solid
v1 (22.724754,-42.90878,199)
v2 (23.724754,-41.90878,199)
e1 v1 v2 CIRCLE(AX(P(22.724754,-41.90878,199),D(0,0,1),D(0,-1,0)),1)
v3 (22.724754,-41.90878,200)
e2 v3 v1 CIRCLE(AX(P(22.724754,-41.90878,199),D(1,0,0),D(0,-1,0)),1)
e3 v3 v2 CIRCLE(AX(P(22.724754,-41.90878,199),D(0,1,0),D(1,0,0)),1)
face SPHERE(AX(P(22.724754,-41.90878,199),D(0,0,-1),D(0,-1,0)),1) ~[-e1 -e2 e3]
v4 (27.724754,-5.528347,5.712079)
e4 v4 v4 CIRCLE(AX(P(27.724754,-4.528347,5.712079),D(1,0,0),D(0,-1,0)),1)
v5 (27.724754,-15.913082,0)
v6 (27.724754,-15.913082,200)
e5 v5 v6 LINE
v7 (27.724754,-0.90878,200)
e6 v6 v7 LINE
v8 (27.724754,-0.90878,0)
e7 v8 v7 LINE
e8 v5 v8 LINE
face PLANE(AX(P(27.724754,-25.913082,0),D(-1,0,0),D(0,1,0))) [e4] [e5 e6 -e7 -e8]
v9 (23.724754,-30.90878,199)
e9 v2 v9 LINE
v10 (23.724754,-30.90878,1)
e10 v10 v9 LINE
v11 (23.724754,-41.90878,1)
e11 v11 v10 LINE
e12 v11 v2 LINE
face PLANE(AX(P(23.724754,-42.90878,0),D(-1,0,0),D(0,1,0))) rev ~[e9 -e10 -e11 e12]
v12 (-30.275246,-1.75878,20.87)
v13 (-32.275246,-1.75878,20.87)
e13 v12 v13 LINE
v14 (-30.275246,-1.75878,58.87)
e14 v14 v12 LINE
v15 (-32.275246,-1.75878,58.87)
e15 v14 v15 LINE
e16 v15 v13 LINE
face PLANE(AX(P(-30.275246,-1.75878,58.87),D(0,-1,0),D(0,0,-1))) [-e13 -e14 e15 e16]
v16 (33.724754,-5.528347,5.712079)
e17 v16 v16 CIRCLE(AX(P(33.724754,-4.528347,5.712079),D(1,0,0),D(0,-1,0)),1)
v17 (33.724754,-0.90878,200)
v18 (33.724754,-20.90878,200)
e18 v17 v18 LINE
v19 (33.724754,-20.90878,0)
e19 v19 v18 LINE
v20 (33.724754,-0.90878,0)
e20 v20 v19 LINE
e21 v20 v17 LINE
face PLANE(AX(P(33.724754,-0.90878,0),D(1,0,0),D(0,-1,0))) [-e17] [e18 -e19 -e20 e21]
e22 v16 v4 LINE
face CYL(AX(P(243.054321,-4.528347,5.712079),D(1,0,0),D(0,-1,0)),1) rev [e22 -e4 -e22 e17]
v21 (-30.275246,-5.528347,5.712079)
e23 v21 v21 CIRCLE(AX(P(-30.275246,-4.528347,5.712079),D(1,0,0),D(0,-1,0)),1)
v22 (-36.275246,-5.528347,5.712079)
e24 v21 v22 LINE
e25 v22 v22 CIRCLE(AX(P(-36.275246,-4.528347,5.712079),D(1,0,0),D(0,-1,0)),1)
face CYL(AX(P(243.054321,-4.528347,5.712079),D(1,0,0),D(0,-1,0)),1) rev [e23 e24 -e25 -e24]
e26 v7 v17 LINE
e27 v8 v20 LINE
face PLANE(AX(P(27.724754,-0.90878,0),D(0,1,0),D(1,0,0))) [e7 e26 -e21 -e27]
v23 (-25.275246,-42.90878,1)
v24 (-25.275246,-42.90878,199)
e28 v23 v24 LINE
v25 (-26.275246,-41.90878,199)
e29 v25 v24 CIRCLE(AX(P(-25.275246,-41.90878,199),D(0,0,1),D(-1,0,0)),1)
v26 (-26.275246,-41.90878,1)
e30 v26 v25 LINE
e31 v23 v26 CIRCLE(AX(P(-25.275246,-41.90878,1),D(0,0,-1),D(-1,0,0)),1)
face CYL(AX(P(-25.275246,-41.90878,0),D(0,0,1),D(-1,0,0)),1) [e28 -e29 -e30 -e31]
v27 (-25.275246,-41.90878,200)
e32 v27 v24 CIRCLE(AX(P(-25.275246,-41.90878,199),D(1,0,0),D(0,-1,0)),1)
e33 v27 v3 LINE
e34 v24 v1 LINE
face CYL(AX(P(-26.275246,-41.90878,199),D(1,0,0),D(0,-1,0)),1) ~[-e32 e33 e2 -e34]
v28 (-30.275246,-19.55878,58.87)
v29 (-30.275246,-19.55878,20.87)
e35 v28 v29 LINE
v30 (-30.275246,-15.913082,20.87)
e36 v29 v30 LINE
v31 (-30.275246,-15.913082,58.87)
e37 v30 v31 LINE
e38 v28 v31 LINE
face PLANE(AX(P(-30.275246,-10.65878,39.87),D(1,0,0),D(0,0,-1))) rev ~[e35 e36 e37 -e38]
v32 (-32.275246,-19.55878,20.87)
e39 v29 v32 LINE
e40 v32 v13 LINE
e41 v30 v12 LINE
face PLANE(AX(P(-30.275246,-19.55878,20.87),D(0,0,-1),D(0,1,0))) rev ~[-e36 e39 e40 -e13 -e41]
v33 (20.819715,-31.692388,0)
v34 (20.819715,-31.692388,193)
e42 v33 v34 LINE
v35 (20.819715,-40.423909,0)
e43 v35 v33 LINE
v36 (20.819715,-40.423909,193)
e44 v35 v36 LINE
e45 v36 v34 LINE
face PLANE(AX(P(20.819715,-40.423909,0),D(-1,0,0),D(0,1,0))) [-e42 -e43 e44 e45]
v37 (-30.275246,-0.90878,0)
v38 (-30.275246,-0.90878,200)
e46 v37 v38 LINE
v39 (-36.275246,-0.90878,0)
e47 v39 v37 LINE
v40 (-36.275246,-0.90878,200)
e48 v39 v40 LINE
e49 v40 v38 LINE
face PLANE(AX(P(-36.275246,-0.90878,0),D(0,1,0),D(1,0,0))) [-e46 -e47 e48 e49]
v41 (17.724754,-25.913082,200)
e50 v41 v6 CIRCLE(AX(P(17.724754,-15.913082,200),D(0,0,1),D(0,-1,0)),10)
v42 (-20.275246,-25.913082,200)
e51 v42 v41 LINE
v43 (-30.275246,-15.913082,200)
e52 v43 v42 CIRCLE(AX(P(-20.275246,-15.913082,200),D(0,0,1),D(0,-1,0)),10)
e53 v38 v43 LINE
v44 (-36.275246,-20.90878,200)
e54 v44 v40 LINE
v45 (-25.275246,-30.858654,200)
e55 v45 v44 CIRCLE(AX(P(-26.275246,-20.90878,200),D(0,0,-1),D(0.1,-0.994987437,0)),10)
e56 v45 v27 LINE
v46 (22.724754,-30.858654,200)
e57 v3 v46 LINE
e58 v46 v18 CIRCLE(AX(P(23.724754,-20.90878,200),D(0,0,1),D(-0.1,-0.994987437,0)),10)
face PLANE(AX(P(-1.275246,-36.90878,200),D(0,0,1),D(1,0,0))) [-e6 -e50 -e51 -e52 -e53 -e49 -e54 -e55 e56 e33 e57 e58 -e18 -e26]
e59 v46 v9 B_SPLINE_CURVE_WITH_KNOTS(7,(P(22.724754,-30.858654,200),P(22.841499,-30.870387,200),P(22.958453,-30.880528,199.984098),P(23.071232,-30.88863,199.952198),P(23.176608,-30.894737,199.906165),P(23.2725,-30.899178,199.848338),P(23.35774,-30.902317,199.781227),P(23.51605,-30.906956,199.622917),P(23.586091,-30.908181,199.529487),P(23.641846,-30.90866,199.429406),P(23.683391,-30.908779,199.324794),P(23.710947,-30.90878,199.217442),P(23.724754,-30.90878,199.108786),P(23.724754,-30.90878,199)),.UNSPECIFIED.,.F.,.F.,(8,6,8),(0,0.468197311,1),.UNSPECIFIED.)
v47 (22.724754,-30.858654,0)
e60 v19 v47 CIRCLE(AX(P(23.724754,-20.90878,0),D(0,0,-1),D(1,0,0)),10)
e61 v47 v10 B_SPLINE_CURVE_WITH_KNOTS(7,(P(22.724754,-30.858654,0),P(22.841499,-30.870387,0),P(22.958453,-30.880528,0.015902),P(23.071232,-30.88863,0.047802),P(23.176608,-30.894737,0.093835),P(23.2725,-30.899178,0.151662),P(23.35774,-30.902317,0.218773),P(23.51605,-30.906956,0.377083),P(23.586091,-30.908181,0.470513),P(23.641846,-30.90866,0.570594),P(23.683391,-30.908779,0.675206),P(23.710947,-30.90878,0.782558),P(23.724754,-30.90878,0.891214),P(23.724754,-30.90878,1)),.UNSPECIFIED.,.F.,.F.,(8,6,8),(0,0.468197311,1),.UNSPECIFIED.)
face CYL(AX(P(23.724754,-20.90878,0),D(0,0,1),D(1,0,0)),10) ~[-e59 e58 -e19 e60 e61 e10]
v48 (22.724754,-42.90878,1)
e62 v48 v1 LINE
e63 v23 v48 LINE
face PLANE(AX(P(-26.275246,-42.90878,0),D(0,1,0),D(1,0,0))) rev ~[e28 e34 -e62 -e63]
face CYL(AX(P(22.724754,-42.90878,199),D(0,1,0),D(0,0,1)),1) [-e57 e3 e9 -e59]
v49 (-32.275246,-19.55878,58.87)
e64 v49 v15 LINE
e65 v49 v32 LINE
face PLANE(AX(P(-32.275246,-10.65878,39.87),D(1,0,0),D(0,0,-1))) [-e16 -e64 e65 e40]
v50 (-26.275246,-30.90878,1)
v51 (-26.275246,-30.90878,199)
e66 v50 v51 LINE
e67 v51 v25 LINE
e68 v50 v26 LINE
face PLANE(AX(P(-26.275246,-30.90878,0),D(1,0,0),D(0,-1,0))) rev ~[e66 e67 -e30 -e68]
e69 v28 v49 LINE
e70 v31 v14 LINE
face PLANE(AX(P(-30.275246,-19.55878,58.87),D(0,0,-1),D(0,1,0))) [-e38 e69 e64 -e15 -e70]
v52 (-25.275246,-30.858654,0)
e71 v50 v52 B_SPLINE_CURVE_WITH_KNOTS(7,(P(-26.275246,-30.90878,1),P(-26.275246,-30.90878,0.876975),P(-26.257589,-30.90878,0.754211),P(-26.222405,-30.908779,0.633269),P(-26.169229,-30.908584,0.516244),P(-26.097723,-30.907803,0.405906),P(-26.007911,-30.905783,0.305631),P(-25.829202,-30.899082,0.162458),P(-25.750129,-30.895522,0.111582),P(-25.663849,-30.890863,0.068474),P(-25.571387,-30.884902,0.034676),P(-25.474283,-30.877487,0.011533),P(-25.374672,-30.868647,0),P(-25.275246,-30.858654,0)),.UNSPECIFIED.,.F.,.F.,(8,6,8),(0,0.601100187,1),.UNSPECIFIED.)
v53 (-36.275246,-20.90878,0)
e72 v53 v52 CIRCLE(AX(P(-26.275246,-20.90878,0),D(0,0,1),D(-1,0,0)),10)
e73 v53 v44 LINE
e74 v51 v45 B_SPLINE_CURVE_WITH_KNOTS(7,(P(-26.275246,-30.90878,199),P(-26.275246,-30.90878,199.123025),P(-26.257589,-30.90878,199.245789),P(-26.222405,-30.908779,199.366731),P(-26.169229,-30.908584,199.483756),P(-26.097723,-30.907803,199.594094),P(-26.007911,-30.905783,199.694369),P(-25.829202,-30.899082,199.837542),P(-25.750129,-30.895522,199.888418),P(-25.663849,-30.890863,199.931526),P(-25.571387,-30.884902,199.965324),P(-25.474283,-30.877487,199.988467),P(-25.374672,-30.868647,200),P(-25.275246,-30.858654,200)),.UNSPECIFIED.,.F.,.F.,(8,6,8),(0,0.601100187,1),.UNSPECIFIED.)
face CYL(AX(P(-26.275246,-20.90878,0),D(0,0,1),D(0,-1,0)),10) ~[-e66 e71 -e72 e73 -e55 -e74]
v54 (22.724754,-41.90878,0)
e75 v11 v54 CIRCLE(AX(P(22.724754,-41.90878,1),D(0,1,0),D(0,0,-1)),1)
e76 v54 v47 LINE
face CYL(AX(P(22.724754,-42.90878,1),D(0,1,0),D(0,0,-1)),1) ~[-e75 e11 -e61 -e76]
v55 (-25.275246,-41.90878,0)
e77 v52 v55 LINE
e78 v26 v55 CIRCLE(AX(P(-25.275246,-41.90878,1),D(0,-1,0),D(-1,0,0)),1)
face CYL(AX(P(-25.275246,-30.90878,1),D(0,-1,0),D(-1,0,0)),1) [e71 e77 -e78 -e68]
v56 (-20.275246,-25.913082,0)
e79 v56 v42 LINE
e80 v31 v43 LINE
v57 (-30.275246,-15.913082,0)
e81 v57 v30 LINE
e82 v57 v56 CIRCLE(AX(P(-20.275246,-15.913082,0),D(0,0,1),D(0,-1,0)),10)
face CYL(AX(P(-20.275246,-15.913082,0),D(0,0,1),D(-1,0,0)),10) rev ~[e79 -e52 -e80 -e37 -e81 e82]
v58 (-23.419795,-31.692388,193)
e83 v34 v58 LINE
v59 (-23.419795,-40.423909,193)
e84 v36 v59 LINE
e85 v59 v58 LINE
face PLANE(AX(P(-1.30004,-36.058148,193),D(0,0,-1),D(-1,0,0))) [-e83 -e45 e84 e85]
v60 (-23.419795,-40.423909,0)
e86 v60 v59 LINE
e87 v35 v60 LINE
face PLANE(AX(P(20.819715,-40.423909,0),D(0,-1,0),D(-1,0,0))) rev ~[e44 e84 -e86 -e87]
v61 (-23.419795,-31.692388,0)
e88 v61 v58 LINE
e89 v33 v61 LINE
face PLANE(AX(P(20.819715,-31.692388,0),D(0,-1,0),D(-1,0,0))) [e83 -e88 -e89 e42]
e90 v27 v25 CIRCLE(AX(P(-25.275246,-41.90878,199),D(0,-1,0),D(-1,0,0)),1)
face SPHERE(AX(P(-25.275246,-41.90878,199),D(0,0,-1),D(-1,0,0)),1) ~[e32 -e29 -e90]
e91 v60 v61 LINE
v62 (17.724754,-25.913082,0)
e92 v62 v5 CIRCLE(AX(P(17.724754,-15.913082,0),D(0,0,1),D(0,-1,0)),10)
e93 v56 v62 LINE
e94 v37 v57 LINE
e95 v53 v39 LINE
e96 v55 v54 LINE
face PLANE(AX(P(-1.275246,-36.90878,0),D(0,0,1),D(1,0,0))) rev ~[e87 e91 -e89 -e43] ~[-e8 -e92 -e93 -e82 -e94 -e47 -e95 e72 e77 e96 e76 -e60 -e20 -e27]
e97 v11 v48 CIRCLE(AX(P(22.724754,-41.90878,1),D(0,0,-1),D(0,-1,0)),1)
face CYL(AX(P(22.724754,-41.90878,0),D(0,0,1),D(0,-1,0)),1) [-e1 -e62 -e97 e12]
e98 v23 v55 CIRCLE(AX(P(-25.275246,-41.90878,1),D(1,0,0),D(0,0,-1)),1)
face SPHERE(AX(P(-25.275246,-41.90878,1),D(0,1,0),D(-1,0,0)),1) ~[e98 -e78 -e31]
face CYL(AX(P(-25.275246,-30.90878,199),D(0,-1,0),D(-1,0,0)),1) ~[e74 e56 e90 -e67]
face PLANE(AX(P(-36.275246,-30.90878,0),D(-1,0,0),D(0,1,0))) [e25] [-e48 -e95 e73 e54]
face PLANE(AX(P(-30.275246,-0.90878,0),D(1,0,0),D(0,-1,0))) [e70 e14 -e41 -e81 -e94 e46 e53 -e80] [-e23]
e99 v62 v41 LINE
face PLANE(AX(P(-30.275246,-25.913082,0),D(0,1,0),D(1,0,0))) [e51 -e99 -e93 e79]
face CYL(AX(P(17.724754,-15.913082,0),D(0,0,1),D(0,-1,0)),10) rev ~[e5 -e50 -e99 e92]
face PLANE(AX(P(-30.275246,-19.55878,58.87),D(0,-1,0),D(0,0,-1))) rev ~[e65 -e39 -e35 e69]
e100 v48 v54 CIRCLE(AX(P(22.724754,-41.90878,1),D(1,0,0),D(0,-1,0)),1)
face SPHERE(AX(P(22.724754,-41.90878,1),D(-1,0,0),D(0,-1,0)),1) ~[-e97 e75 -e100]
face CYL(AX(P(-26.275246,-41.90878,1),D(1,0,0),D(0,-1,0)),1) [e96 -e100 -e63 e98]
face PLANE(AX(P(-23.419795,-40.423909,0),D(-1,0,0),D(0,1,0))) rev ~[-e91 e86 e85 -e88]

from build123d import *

# Parameters (mm, degrees)
BOSS_EXTRUDE1_DEPTH      = 200
FILLET1_R                = 10
SKETCH12_W               = 38
SKETCH12_H               = 17.8
CUT_EXTRUDE9_DEPTH       = 2
BOSS_EXTRUDE2_DEPTH      = 200
FILLET4_R                = 1
SKETCH17_W               = 44.239510651
SKETCH17_H               = 8.731521098
CUT_EXTRUDE11_DEPTH      = 193
CUT_EXTRUDE12_DEPTH      = 215.329567289
CUT_EXTRUDE12_DEPTH_BACK = 215.329567289
SKETCH20_R               = 1


with BuildPart() as part:
    # Sketch1 → Boss-Extrude1 (new body)
    with BuildSketch(Plane.XY):
        Polygon((-30.275246352, -0.908779536), (-30.275246352, -25.913082449), (27.724753648, -25.913082449), (27.724753648, -0.908779536), (33.724753648, -0.908779536), (33.724753648, -30.908779536), (-36.275246352, -30.908779536), (-36.275246352, -0.908779536), align=None)
    extrude(amount=BOSS_EXTRUDE1_DEPTH)

    # Fillet1
    fillet1_edges = [part.edges().sort_by_distance(p)[0] for p in [
        (-30.275246352, -25.913082449, 100),
        (27.724753648, -25.913082449, 100),
        (33.724753648, -30.908779536, 100),
        (-36.275246352, -30.908779536, 100),
    ]]
    fillet(fillet1_edges, radius=FILLET1_R)

    # Sketch12 → Cut-Extrude9 (cut)
    with BuildSketch(Plane(origin=(-30.275246352, 0, 0), x_dir=(0, 0, -1), z_dir=(1, 0, 0))):
        with Locations((-39.87, -10.658779536)):
            Rectangle(SKETCH12_W, SKETCH12_H)
    extrude(amount=-CUT_EXTRUDE9_DEPTH, mode=Mode.SUBTRACT)

    # Sketch15 → Boss-Extrude2 (add)
    with BuildSketch(Plane.XY):
        Polygon((-26.275246352, -30.908779536), (-26.275246352, -42.908779536), (23.724753648, -42.908779536), (23.724753648, -30.908779536), (20.724753648, -30.908779536), (-23.275246352, -30.908779536), align=None)
    extrude(amount=BOSS_EXTRUDE2_DEPTH)

    # Fillet4
    fillet4_edges = [part.edges().sort_by_distance(p)[0] for p in [
        (-26.275246352, -36.908779536, 0),
        (-26.275246352, -42.908779536, 100),
        (-1.275246352, -42.908779536, 0),
        (23.724753648, -42.908779536, 100),
        (23.724753648, -36.908779536, 0),
        (-26.275246352, -36.908779536, 200),
        (-1.275246352, -42.908779536, 200),
        (23.724753648, -36.908779536, 200),
    ]]
    fillet(fillet4_edges, radius=FILLET4_R)

    # Sketch17 → Cut-Extrude11 (cut)
    with BuildSketch(Plane(origin=(0, 0, 0), x_dir=(-1, 0, 0), z_dir=(0, 0, -1))):
        with Locations((1.300040019, -36.058148136)):
            Rectangle(SKETCH17_W, SKETCH17_H)
    extrude(amount=-CUT_EXTRUDE11_DEPTH, mode=Mode.SUBTRACT)

    # Sketch20 → Cut-Extrude12 (cut, two sides: drawn at the far end of the back side and taken through both)
    with BuildSketch(Plane.ZY.offset(-27.724753648).offset(-CUT_EXTRUDE12_DEPTH_BACK)):
        with Locations(Location((5.712078597, -4.528347047, 0), (0, 0, 270))):
            Circle(SKETCH20_R)
    extrude(amount=CUT_EXTRUDE12_DEPTH + CUT_EXTRUDE12_DEPTH_BACK, mode=Mode.SUBTRACT)


solid = part.part
